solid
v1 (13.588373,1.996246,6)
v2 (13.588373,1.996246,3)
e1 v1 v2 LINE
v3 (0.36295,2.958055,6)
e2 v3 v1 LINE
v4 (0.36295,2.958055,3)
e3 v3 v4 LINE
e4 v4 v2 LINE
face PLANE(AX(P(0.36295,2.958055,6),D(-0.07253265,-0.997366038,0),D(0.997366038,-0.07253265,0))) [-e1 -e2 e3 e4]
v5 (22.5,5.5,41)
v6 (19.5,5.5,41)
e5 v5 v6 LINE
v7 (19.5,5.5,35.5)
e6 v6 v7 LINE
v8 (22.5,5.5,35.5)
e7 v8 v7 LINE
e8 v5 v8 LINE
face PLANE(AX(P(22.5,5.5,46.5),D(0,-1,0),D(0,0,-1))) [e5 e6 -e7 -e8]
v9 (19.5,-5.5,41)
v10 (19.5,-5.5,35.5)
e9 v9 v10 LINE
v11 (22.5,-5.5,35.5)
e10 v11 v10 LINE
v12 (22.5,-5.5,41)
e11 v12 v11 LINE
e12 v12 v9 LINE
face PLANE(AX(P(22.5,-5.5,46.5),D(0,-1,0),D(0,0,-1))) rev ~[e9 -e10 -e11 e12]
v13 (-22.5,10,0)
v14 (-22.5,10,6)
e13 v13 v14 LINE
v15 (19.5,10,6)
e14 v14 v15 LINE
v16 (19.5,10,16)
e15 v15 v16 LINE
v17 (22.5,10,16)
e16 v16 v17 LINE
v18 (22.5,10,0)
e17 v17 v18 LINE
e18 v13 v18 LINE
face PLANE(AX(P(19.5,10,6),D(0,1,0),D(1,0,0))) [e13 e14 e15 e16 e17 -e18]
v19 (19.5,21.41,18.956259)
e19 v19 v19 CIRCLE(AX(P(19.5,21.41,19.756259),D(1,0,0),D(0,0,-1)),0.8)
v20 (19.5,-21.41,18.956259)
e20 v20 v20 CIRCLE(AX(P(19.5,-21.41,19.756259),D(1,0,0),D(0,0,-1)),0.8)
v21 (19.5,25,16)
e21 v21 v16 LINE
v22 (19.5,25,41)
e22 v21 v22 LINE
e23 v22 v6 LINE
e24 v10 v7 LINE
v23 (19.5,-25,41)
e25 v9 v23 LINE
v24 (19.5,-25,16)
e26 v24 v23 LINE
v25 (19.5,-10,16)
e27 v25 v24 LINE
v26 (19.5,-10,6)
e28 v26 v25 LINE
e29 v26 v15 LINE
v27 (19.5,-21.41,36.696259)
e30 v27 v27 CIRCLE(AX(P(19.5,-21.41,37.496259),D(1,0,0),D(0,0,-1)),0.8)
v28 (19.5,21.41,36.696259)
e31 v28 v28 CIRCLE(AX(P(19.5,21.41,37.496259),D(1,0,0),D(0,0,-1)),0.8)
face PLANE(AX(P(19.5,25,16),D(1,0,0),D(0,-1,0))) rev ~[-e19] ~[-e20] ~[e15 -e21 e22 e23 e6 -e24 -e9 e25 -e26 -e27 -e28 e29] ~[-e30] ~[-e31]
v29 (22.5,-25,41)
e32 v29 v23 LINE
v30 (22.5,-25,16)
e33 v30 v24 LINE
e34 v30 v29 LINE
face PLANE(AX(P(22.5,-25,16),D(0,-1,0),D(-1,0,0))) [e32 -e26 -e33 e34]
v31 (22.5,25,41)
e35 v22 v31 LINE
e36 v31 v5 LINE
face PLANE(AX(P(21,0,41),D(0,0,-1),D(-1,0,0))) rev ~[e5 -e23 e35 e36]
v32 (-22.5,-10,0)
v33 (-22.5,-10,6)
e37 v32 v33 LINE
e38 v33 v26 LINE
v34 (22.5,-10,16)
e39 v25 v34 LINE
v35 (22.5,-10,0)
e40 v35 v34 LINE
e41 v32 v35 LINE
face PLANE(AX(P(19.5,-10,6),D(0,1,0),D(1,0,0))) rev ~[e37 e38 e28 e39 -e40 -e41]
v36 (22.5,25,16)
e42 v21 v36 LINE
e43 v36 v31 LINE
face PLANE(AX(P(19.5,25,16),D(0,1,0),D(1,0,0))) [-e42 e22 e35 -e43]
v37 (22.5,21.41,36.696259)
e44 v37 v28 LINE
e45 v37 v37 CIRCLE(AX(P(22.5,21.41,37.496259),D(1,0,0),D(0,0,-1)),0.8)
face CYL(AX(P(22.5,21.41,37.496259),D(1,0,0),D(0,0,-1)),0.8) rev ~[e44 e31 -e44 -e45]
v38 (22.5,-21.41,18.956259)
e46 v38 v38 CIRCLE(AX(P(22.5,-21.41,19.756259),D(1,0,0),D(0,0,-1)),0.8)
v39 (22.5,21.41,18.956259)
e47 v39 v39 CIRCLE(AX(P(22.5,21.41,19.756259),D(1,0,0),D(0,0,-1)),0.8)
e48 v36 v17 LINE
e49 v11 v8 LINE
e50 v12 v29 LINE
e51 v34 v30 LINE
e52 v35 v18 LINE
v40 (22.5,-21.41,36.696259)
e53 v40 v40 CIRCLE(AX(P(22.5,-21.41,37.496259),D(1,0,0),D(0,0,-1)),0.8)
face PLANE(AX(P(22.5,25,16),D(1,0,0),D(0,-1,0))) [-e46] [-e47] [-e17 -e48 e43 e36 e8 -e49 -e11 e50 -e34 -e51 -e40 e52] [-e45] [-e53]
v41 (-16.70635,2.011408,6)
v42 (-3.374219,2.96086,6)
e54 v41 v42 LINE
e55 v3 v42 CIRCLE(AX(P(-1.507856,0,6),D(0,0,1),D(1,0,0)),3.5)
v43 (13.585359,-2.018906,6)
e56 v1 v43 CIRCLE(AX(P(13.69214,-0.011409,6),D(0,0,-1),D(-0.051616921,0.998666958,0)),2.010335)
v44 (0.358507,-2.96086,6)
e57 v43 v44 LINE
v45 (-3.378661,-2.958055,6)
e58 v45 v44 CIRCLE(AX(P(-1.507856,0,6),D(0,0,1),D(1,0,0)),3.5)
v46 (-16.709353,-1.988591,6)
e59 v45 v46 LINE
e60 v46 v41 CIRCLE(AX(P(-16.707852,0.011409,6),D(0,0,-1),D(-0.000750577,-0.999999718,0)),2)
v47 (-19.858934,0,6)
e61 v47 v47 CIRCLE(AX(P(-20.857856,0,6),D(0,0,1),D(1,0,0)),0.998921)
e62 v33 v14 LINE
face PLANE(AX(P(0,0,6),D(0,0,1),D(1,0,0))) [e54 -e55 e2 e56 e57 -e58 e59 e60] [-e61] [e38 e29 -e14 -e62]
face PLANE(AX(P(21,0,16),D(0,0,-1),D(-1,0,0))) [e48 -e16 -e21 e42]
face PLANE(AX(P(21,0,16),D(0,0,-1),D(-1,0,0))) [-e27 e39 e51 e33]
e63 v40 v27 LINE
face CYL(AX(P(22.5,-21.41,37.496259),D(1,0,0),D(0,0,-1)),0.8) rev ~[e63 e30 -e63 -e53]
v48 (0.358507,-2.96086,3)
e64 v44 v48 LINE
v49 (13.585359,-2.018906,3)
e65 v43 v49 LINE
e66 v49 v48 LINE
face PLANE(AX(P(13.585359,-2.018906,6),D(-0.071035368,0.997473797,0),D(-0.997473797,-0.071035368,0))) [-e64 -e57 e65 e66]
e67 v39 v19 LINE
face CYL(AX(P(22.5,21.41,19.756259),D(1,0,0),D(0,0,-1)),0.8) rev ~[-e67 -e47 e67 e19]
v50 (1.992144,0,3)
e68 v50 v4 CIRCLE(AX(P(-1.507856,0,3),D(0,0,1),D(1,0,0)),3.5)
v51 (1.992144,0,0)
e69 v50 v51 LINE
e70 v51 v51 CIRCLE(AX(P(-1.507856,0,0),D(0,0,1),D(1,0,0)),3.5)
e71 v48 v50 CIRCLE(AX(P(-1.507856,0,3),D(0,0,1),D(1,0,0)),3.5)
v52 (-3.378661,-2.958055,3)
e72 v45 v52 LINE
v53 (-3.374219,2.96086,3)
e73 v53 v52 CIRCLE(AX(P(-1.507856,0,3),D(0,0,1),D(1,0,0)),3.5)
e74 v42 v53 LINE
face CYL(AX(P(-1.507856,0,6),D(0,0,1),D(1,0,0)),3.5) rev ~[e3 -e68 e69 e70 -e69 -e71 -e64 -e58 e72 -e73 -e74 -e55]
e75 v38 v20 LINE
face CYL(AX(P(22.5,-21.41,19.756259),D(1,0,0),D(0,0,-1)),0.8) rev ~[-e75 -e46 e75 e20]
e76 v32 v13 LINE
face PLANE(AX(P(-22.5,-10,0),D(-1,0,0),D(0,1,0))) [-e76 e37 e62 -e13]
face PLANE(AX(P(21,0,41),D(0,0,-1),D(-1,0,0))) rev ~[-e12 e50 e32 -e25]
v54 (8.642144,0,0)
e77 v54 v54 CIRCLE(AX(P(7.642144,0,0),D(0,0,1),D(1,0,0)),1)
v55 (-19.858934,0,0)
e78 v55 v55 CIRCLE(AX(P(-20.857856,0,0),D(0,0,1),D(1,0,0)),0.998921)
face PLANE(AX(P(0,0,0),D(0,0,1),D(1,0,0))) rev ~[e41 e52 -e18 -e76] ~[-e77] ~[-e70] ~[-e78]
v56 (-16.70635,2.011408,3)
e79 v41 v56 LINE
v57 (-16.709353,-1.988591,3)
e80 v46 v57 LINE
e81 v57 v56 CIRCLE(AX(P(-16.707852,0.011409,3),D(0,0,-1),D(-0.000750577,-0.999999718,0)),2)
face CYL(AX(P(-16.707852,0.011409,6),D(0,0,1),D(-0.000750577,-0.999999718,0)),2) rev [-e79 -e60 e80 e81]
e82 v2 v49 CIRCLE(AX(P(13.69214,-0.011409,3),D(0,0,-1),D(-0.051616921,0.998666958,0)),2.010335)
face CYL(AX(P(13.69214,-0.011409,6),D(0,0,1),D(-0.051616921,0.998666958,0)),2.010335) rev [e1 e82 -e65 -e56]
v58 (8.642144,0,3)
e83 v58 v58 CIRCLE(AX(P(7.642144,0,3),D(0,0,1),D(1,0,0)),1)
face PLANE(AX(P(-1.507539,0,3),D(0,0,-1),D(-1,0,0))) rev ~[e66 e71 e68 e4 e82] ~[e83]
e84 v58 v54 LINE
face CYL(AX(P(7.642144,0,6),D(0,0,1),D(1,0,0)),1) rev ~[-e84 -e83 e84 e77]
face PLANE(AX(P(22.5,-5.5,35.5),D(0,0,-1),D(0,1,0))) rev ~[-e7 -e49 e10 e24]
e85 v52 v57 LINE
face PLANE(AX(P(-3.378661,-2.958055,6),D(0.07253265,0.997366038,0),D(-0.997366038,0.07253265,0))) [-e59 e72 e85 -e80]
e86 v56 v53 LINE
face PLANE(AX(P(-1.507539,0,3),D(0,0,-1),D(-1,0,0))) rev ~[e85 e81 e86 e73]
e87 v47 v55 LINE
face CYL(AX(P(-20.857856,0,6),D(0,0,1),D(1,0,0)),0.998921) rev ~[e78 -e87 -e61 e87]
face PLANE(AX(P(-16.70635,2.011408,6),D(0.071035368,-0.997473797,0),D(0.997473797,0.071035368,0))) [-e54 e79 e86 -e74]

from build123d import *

# Parameters (mm, degrees)
CROQUIS1_W              = 45
CROQUIS1_H              = 20
SALIENTE_EXTRUIR1_DEPTH = 6
CROQUIS2_W              = 3
CROQUIS2_H              = 20
SALIENTE_EXTRUIR2_DEPTH = 10
SALIENTE_EXTRUIR3_DEPTH = 25
CROQUIS4_R              = 0.8
CROQUIS4_W              = 11
CROQUIS4_H              = 11
CORTAR_EXTRUIR1_DEPTH   = 66.810333535
CROQUIS5_R              = 0.998921469
CROQUIS5_R_2            = 1
CORTAR_EXTRUIR2_DEPTH   = 49.541219597
CORTAR_EXTRUIR3_DEPTH   = 3
CROQUIS7_R              = 3.5
CORTAR_EXTRUIR4_DEPTH   = 49.541219597


with BuildPart() as part:
    # Croquis1 → Saliente-Extruir1 (new body)
    with BuildSketch(Plane.XY):
        Rectangle(CROQUIS1_W, CROQUIS1_H)
    extrude(amount=SALIENTE_EXTRUIR1_DEPTH)

    # Croquis2 → Saliente-Extruir2 (add)
    with BuildSketch(Plane.XY.offset(6)):
        with Locations((21, 0)):
            Rectangle(CROQUIS2_W, CROQUIS2_H)
    extrude(amount=SALIENTE_EXTRUIR2_DEPTH)

    # Croquis3 → Saliente-Extruir3 (add)
    with BuildSketch(Plane.XY.offset(16)):
        Polygon((19.5, 0), (19.5, 25), (22.5, 25), (22.5, -25), (19.5, -25), align=None)
    extrude(amount=SALIENTE_EXTRUIR3_DEPTH)

    # Croquis4 → Cortar-Extruir1 (cut, through all)
    with BuildSketch(Plane(origin=(22.5, 0, 0), x_dir=(0, 0, -1), z_dir=(1, 0, 0))):
        with Locations((-19.756259271, -21.41)):
            Circle(CROQUIS4_R)
        with Locations((-37.496259271, -21.41)):
            Circle(CROQUIS4_R)
        with Locations((-19.756259271, 21.41)):
            Circle(CROQUIS4_R)
        with Locations((-37.496259271, 21.41)):
            Circle(CROQUIS4_R)
        with Locations((-41, 0)):
            Rectangle(CROQUIS4_W, CROQUIS4_H)
    extrude(amount=-CORTAR_EXTRUIR1_DEPTH, mode=Mode.SUBTRACT)

    # Croquis5 → Cortar-Extruir2 (cut, through all)
    with BuildSketch(Plane.XY.offset(6)):
        with Locations((-20.857855881, 0)):
            Circle(CROQUIS5_R)
        with Locations((7.642144119, 0)):
            Circle(CROQUIS5_R_2)
    extrude(amount=-CORTAR_EXTRUIR2_DEPTH, mode=Mode.SUBTRACT)

    # Croquis6 → Cortar-Extruir3 (cut)
    with BuildSketch(Plane.XY.offset(6)):
        with BuildLine():
            Line((-16.706350445, 2.011408213), (-3.374218766, 2.960859602))
            Line((-3.374218766, 2.960859602), (0.362949608, 2.958054567))
            Line((0.362949608, 2.958054567), (13.588372541, 1.996246225))
            ThreePointArc((13.588372541, 1.996246225), (15.702474132, -0.012917688), (13.585358857, -2.018905744))
            Line((13.585358857, -2.018905744), (0.358507003, -2.960859602))
            Line((0.358507003, -2.960859602), (-3.37866137, -2.958054567))
            Line((-3.37866137, -2.958054567), (-16.709352754, -1.988590661))
            ThreePointArc((-16.709352754, -1.988590661), (-18.707851036, 0.012909931), (-16.706350445, 2.011408213))
        make_face()
    extrude(amount=-CORTAR_EXTRUIR3_DEPTH, mode=Mode.SUBTRACT)

    # Croquis7 → Cortar-Extruir4 (cut, through all)
    with BuildSketch(Plane.XY.offset(6)):
        with Locations((-1.507855881, 0)):
            Circle(CROQUIS7_R)
    extrude(amount=-CORTAR_EXTRUIR4_DEPTH, mode=Mode.SUBTRACT)


solid = part.part
